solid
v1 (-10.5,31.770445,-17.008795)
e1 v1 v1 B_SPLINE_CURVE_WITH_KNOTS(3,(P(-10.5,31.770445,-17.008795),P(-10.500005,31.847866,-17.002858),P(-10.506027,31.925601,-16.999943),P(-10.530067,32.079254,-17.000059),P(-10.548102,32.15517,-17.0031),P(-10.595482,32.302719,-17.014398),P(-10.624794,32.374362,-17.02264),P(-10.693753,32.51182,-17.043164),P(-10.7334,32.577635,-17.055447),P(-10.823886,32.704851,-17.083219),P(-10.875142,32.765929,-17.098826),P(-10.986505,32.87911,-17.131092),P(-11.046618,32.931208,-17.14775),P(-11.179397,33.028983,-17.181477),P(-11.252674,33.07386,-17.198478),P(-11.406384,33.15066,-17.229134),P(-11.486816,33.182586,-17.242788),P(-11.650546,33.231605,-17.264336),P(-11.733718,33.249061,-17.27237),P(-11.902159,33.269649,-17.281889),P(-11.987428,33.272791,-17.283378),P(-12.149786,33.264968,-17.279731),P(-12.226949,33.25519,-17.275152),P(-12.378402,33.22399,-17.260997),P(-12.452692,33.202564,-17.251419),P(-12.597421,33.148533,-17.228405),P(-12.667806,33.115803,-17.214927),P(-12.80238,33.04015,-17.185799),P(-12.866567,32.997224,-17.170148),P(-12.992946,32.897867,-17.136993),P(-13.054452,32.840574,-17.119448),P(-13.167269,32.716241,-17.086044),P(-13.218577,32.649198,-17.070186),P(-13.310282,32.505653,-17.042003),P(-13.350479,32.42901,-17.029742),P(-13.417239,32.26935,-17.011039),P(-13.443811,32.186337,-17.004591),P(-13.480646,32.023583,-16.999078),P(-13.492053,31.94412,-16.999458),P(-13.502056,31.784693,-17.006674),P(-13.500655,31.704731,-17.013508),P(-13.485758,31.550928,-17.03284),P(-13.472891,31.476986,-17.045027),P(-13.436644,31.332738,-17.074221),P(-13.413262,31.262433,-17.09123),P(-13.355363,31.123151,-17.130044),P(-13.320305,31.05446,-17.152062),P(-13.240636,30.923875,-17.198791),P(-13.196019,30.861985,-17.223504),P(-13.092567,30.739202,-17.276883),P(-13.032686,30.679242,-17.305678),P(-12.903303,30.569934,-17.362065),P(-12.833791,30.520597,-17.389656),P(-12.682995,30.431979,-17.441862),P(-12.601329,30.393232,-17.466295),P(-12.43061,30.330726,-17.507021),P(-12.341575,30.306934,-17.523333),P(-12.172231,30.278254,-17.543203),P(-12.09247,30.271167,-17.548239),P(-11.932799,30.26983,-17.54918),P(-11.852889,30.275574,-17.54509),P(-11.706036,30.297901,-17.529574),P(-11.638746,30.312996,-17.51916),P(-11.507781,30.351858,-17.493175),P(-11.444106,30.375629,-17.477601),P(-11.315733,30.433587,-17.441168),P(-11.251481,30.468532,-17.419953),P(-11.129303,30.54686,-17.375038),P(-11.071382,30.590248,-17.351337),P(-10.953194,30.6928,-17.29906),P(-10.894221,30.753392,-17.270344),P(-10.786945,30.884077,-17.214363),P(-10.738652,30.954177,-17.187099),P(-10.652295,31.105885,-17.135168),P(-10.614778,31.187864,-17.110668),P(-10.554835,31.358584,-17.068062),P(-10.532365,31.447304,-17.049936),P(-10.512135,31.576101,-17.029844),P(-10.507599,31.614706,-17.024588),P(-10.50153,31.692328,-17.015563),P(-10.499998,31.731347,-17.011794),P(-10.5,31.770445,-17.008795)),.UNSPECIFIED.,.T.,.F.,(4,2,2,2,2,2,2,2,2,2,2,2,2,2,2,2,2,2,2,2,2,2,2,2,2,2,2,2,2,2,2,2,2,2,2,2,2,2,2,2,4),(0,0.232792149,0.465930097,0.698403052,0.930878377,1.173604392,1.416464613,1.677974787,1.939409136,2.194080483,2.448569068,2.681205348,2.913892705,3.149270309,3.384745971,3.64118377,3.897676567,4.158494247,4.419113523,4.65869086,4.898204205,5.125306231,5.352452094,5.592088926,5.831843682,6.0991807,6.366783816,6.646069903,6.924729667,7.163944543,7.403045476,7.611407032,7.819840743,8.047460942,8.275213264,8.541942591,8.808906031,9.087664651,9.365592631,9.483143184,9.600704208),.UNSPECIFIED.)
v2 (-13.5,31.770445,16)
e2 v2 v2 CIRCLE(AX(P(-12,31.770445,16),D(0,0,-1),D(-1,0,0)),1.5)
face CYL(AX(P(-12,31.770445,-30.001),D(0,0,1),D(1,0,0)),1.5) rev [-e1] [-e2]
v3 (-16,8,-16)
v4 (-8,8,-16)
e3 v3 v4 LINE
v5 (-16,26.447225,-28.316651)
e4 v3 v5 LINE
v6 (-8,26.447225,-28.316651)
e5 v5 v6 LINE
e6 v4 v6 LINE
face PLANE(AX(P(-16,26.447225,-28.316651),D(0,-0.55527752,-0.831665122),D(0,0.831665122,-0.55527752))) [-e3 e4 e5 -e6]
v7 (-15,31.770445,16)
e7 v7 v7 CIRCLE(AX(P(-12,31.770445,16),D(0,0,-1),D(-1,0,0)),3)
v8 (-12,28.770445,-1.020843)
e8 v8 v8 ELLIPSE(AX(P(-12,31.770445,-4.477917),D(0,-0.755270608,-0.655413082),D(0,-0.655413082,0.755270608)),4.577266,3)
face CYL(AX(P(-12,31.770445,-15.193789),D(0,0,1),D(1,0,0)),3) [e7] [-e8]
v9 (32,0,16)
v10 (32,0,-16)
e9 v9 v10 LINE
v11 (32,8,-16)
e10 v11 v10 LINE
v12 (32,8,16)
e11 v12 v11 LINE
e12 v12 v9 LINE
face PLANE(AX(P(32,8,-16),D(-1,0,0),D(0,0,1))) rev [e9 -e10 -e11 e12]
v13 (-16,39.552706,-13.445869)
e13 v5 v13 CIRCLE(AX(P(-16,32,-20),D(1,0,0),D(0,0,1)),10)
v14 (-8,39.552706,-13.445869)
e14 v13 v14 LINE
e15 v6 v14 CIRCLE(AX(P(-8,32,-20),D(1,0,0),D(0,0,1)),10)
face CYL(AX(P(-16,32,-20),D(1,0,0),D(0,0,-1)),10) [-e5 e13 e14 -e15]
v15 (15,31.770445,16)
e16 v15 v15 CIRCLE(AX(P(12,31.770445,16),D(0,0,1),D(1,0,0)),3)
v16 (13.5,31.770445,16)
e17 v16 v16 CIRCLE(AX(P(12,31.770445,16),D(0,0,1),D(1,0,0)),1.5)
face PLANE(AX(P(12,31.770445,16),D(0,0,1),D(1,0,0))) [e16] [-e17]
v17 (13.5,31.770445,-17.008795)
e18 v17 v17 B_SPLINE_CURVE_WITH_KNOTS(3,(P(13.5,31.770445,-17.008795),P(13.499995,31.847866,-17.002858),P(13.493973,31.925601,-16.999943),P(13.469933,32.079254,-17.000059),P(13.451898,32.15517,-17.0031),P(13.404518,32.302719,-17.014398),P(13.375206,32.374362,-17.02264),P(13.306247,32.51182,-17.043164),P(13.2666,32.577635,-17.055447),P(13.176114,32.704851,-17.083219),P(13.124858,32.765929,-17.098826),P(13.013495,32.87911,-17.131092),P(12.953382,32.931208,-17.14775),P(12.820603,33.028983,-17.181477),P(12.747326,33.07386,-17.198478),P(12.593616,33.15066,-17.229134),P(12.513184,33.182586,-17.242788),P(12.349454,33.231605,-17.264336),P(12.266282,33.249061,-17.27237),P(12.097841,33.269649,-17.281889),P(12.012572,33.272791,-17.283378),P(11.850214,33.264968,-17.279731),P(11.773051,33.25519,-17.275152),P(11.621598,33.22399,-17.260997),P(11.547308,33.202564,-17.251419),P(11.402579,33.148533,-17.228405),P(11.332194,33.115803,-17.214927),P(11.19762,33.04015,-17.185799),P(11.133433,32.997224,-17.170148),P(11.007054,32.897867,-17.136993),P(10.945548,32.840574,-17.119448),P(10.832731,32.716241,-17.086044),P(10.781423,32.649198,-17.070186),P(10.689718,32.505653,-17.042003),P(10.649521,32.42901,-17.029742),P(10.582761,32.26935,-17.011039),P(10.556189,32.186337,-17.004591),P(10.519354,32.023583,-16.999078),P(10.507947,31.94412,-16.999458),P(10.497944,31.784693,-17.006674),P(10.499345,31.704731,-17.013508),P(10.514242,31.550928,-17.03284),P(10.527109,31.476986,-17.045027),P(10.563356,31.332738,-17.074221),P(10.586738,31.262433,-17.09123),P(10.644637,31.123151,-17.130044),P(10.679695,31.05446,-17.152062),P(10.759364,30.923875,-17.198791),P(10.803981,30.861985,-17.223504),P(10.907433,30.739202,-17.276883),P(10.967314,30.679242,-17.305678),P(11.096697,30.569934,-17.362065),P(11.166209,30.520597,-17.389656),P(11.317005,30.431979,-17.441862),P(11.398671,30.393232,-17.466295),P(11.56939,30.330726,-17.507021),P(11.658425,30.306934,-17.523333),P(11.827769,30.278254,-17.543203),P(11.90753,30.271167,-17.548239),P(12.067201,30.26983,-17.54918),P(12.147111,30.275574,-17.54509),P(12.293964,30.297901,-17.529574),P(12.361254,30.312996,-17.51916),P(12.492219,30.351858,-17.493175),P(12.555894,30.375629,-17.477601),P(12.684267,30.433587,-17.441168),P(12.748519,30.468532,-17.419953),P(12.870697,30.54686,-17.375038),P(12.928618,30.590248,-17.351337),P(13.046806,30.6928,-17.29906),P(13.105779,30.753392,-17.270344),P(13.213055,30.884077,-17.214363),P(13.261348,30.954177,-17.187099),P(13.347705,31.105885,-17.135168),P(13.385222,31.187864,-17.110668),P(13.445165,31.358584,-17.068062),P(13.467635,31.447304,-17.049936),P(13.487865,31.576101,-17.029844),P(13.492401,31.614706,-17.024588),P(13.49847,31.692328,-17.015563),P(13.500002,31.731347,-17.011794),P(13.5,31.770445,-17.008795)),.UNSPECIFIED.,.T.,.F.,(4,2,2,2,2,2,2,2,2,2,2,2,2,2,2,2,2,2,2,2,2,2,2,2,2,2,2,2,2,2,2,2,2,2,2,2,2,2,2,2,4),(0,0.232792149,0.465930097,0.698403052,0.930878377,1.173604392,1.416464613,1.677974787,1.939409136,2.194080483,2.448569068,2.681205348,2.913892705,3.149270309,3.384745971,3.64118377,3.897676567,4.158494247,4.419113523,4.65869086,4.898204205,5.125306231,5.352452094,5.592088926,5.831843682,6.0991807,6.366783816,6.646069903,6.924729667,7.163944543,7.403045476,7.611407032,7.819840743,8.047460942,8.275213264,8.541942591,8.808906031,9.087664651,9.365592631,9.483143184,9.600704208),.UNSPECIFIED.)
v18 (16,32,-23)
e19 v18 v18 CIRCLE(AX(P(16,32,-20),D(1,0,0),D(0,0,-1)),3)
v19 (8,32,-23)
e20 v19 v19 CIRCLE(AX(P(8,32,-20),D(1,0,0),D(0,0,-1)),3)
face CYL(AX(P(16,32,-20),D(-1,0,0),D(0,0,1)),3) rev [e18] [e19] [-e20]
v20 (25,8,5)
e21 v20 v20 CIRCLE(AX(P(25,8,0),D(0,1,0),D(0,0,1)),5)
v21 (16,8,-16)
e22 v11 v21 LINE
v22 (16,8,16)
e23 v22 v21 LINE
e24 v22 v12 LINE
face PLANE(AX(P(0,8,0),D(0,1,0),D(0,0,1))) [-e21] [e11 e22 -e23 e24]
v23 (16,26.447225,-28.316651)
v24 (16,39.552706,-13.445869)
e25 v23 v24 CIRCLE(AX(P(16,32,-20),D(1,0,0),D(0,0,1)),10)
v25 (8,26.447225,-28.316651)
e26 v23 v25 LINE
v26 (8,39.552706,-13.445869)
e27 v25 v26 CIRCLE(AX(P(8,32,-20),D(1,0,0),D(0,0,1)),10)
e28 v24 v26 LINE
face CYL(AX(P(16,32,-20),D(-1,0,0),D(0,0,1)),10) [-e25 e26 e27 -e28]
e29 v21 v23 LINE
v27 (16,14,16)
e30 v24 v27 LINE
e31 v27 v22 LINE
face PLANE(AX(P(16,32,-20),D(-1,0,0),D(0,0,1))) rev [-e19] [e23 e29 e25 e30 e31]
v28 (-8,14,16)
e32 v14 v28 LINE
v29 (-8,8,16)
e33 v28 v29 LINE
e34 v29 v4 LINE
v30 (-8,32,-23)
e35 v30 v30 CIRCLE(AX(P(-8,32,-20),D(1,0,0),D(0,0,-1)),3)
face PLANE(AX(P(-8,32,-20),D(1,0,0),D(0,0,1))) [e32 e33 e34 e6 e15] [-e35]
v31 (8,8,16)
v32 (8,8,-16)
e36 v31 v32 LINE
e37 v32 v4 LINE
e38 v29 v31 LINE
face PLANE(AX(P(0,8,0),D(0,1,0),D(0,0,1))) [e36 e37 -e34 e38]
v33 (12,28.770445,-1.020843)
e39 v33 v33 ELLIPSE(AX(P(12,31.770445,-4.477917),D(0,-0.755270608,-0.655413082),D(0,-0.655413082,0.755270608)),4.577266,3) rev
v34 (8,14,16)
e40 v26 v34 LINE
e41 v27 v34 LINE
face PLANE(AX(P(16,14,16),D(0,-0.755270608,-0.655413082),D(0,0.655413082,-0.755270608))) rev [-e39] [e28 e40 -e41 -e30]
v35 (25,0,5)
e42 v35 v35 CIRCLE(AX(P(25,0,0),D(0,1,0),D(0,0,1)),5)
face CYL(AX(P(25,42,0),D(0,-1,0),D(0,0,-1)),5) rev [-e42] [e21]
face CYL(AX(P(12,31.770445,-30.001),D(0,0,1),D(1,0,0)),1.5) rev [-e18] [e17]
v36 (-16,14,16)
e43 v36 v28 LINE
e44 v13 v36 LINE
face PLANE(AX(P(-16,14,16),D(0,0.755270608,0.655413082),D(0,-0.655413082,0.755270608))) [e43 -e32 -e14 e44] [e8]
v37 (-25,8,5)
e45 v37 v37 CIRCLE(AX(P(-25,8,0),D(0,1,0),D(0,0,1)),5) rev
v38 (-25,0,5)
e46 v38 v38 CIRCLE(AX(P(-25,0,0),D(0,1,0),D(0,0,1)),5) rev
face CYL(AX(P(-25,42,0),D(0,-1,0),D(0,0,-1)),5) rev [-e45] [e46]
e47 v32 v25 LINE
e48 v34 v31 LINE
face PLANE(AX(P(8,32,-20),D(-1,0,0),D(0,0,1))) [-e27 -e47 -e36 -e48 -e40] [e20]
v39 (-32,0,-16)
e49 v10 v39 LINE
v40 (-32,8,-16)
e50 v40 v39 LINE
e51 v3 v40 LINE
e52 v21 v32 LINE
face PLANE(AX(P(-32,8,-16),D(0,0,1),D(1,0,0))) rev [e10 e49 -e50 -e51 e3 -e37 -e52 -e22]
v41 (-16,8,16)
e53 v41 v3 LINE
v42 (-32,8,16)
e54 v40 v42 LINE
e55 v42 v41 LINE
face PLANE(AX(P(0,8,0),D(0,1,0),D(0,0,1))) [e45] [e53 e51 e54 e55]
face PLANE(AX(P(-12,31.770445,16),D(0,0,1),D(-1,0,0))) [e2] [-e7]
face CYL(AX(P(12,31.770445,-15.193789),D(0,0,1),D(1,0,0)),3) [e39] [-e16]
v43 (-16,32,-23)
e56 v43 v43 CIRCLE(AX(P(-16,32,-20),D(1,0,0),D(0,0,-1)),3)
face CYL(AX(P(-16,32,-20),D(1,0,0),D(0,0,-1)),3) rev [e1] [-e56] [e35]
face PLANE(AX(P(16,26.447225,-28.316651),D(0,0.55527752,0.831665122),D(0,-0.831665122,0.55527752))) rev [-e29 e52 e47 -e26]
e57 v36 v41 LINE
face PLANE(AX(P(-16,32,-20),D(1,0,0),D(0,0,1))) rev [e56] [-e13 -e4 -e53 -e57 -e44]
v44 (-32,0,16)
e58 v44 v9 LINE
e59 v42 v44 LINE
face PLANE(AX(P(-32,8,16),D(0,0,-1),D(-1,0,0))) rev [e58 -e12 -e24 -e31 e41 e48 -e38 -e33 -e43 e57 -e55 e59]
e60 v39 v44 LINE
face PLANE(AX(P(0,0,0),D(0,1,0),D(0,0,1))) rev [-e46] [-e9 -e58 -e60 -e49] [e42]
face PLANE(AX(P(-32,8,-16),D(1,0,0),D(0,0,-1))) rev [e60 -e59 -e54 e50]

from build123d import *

# Parameters (mm, degrees)
SKETCH_1_W               = 64
SKETCH_1_H               = 32
EXTRUDE_1_DEPTH          = 8
EXTRUDE_START            = 8
SKETCH_2_R               = 3
EXTRUDE_2_DEPTH          = 8
EXTRUDE_3_REACH          = 72.029
SKETCH_3_R               = 3
CUT_EXTRUDE_1_REACH      = 72.029
CUT_EXTRUDE_1_END_RADIUS = 3
SKETCH_4_R               = 1.5
CUT_EXTRUDE_START        = -8
SKETCH_5_R               = 5
CUT_EXTRUDE_3_DEPTH      = 69.728905803


with BuildPart() as part:
    # 草图1 → 凸台-拉伸1 (new body)
    with BuildSketch(Plane(origin=(0, 0, 0), x_dir=(1, 0, 0), z_dir=(0, 1, 0))):
        Rectangle(SKETCH_1_W, SKETCH_1_H)
    extrude(amount=EXTRUDE_1_DEPTH)

    # 草图2 → 凸台-拉伸2 (add)
    with BuildSketch(Plane(origin=(0, 0, 0), x_dir=(0, 0, -1), z_dir=(1, 0, 0)).offset(EXTRUDE_START)):
        with BuildLine():
            Line((-16, 8), (-16, 14))
            Line((-16, 14), (13.44586918, 39.552706084))
            ThreePointArc((13.44586918, 39.552706084), (26.611734227, 39.502331005), (28.316651221, 26.447224796))
            Line((28.316651221, 26.447224796), (16, 8))
            Line((16, 8), (-16, 8))
        make_face()
        with Locations((20, 32)):
            Circle(SKETCH_2_R, mode=Mode.SUBTRACT)
    extrude_2 = extrude(amount=EXTRUDE_2_DEPTH)

    # 凸台-拉伸3: up to this plane
    extrude_3_end = Plane(origin=(16, 14, 16), z_dir=(0, -0.7552706084274633, -0.6554130819915097))
    # 草图3 → 凸台-拉伸3 (add, up to the surface)
    with BuildSketch(Plane.XY.offset(16), mode=Mode.PRIVATE) as extrude_3_sk1:
        with Locations((12, 31.770444903)):
            Circle(SKETCH_3_R)
    extrude_3_tool1 = split(extrude(extrude_3_sk1.sketch, amount=-EXTRUDE_3_REACH, mode=Mode.PRIVATE), bisect_by=extrude_3_end, keep=Keep.BOTH, mode=Mode.PRIVATE)
    extrude_3 = extrude_3_tool1.solids().sort_by_distance((12, 31.770445, 16))[0]
    add(extrude_3)

    # 切除-拉伸1: up to this cylinder (the profile starts outside it)
    cut_extrude_1_end = Plane(origin=(12, 32, -20), z_dir=(-1, 0, 0)) * Cylinder(CUT_EXTRUDE_1_END_RADIUS, 151.058, mode=Mode.PRIVATE)
    # 草图4 → 切除-拉伸1 (cut, up to the surface)
    with BuildSketch(Plane.XY.offset(16), mode=Mode.PRIVATE) as cut_extrude_1_sk1:
        with Locations((12, 31.770444903)):
            Circle(SKETCH_4_R)
    cut_extrude_1_tool1 = extrude(cut_extrude_1_sk1.sketch, amount=-CUT_EXTRUDE_1_REACH, mode=Mode.PRIVATE) - cut_extrude_1_end
    cut_extrude_1 = cut_extrude_1_tool1.solids().sort_by_distance((12, 31.770445, 16))[0]
    add(cut_extrude_1, mode=Mode.SUBTRACT)

    # 镜向1: 凸台-拉伸2, 凸台-拉伸3, 切除-拉伸1 across plane
    add(extrude_2.mirror(Plane(origin=(0, 0, 0), x_dir=(0, 0, 1), z_dir=(1, 0, 0))))
    add(extrude_3.mirror(Plane(origin=(0, 0, 0), x_dir=(0, 0, 1), z_dir=(1, 0, 0))))
    add(cut_extrude_1.mirror(Plane(origin=(0, 0, 0), x_dir=(0, 0, 1), z_dir=(1, 0, 0))), mode=Mode.SUBTRACT)

    # 草图5 → 切除-拉伸3 (cut)
    with BuildSketch(Plane(origin=(0, 0, 0), x_dir=(1, 0, 0), z_dir=(0, 1, 0)).offset(CUT_EXTRUDE_START)):
        with Locations(Location((-25, 0, 0), (0, 0, 270))):
            Circle(SKETCH_5_R)
    cut_extrude_3 = extrude(amount=CUT_EXTRUDE_3_DEPTH, mode=Mode.SUBTRACT)

    # 镜向2: 切除-拉伸3 across plane
    add(cut_extrude_3.mirror(Plane(origin=(0, 0, 0), x_dir=(0, 0, 1), z_dir=(1, 0, 0))), mode=Mode.SUBTRACT)


solid = part.part
